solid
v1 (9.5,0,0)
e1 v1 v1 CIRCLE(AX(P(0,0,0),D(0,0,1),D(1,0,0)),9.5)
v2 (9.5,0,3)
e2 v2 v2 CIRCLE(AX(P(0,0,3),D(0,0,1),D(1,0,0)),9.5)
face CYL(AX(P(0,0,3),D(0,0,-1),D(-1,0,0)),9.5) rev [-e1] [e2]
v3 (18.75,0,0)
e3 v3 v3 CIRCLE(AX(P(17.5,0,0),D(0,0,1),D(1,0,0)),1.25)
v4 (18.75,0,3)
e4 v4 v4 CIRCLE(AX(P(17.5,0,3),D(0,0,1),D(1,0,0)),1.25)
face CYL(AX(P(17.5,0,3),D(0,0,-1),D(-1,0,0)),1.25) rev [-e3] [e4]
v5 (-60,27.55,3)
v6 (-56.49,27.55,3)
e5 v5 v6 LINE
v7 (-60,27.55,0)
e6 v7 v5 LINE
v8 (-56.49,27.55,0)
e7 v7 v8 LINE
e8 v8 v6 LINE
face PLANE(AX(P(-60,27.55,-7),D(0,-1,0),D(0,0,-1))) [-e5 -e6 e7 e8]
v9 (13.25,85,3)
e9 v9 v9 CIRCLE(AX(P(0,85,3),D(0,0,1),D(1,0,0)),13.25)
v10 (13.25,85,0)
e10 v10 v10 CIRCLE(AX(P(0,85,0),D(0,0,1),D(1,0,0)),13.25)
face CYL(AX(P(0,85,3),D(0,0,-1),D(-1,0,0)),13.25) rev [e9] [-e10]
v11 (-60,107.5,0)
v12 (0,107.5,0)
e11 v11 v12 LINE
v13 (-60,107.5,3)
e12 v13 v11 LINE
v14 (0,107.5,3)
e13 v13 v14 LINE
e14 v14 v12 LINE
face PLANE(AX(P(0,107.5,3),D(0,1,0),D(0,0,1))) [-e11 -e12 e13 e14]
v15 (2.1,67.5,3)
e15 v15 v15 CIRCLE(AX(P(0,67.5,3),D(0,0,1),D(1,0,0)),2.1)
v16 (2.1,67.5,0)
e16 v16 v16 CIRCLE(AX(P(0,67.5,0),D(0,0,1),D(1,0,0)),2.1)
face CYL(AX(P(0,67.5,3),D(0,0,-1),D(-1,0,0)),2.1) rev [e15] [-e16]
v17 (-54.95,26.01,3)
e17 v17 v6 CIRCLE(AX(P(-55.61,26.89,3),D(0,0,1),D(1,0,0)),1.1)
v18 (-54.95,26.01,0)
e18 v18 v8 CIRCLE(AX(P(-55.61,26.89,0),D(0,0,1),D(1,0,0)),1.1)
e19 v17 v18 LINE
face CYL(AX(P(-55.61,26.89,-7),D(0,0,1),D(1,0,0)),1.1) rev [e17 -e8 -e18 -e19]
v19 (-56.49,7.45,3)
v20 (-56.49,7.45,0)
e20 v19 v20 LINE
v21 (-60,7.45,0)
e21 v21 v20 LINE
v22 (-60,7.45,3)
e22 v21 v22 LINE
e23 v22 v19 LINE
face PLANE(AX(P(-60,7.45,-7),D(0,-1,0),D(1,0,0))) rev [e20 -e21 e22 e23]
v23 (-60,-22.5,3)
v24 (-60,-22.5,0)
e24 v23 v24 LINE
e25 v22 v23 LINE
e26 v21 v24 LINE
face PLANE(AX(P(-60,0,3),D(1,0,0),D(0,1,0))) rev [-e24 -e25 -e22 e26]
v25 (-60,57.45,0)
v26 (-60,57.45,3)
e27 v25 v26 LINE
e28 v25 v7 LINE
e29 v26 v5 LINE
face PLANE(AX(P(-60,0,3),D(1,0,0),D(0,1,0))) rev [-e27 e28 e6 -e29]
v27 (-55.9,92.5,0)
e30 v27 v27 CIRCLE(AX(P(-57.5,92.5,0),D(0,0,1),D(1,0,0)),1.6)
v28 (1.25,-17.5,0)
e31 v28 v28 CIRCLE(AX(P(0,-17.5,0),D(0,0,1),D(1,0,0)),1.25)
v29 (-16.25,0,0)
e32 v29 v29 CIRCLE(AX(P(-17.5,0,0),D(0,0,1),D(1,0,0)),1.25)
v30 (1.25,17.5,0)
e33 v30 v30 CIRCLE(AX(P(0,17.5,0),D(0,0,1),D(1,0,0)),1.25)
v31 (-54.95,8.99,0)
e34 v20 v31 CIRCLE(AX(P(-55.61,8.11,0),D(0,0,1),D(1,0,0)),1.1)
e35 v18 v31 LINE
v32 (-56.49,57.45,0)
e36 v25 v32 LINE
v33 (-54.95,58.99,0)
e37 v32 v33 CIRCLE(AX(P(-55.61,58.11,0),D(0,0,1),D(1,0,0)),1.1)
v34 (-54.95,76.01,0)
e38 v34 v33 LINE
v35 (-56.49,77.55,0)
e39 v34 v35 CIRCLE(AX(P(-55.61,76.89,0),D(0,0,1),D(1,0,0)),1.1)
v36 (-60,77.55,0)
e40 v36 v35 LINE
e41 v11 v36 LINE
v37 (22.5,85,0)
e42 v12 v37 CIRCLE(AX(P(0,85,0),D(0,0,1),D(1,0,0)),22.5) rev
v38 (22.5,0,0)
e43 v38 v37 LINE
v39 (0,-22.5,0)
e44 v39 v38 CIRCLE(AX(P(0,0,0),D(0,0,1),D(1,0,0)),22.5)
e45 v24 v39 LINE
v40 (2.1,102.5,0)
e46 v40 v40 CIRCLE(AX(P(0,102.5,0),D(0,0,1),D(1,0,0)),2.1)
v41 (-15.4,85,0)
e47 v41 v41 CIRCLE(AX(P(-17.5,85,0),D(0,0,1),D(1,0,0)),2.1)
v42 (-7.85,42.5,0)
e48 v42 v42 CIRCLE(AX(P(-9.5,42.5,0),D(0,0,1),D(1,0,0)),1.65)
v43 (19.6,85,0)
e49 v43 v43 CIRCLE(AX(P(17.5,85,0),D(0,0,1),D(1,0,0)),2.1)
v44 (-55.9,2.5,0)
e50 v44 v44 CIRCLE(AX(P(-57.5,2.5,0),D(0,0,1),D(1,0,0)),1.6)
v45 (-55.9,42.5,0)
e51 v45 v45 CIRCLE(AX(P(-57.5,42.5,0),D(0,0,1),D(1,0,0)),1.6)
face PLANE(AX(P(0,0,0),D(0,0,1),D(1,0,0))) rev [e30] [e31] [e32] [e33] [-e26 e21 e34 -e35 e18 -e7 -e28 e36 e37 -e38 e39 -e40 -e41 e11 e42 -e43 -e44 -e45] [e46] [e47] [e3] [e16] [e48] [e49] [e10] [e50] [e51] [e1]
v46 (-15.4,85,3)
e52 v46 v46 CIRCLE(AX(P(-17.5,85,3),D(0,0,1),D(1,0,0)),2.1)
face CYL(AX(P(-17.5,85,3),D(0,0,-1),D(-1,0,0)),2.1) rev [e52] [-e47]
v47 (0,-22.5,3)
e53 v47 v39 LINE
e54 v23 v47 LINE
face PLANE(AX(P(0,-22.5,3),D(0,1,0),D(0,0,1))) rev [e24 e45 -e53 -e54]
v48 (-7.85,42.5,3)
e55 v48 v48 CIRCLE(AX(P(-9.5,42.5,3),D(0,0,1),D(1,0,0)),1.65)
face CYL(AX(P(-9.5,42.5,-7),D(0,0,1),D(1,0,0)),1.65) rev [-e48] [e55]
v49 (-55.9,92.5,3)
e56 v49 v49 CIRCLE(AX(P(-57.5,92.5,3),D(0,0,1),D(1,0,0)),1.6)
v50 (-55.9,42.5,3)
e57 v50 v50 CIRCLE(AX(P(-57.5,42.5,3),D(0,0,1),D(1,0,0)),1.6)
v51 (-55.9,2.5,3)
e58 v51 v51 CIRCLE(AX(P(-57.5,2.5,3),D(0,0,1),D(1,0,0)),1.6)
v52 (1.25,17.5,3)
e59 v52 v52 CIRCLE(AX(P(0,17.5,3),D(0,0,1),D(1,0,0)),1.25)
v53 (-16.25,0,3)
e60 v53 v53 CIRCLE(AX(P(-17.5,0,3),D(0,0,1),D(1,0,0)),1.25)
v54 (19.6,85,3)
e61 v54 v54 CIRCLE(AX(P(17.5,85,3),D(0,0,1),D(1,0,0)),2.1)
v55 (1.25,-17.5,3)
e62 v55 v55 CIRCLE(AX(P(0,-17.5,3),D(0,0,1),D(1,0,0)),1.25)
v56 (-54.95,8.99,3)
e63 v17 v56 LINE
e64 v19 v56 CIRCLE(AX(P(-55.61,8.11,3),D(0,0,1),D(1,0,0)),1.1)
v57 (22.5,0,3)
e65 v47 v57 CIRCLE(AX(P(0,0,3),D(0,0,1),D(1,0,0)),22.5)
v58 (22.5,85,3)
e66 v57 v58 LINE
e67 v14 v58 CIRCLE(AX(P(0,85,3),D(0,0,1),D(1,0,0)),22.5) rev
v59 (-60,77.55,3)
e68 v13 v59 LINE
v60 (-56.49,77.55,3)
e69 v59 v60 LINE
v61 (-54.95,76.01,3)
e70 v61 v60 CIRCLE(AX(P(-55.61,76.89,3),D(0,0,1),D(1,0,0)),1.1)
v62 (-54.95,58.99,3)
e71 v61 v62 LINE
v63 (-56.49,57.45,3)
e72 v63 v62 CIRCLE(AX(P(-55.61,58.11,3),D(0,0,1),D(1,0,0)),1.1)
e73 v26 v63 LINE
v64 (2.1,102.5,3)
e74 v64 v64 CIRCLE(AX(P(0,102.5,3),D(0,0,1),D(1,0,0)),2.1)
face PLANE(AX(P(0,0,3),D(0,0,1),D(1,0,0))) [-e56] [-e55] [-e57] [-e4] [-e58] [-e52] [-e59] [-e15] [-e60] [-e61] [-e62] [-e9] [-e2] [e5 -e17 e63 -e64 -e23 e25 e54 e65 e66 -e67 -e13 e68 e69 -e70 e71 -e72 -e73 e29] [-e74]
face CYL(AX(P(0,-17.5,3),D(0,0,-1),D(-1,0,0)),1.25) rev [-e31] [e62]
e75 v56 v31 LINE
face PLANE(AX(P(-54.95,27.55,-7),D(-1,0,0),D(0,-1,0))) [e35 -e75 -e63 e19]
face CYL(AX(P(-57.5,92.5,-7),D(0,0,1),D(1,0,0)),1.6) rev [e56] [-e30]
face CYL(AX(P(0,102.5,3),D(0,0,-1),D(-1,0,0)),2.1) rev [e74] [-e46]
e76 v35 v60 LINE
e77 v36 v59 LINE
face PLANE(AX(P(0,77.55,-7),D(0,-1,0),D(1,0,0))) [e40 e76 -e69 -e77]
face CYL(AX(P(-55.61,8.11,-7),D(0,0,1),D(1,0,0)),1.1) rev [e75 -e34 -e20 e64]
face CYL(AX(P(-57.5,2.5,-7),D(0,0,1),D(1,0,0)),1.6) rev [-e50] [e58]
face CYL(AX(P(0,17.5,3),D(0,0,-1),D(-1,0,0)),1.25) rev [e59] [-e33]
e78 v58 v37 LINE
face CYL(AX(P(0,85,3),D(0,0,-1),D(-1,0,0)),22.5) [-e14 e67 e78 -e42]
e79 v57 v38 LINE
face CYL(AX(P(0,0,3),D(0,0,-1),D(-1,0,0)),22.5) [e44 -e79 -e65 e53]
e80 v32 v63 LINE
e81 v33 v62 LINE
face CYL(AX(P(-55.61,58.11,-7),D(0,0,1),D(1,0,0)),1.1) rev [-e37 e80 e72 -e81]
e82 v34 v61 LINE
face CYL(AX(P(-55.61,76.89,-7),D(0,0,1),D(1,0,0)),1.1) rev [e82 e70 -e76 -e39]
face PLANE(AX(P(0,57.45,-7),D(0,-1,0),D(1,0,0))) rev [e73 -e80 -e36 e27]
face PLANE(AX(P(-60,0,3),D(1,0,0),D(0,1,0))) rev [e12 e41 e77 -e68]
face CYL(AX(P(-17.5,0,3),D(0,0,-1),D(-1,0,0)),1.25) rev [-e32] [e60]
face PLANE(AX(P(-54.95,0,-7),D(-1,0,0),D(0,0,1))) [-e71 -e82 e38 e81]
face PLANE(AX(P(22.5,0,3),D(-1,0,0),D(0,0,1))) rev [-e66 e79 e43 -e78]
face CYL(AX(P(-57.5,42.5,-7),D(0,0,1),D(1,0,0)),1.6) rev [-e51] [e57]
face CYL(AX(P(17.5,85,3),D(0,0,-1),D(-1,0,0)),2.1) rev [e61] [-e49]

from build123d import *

# Parameters (mm, degrees)
SKETCH_2_R          = 9.5
SKETCH_2_R_2        = 1.25
SKETCH_2_R_3        = 13.25
SKETCH_2_R_4        = 2.1
EXTRUDE_1_DEPTH     = 3
SKETCH_4_R          = 1.6
CUT_EXTRUDE_1_DEPTH = 10
SKETCH_5_R          = 1.65
CUT_EXTRUDE_2_DEPTH = 10


with BuildPart() as part:
    # ｽｹｯﾁ2 → ﾎﾞｽ - 押し出し1 (new body)
    with BuildSketch(Plane.XY):
        with BuildLine():
            Line((-60, -22.5), (-40, -22.5))
            Line((-40, -22.5), (0, -22.5))
            ThreePointArc((0, -22.5), (15.909902577, -15.909902577), (22.5, 0))
            Line((22.5, 0), (22.5, 85))
            ThreePointArc((22.5, 85), (15.909902577, 100.909902577), (0, 107.5))
            Line((0, 107.5), (-40, 107.5))
            Line((-40, 107.5), (-60, 107.5))
            Line((-60, 107.5), (-60, -22.5))
        make_face()
        Circle(SKETCH_2_R, mode=Mode.SUBTRACT)
        with Locations((0, 17.5)):
            Circle(SKETCH_2_R_2, mode=Mode.SUBTRACT)
        with Locations((17.5, 0)):
            Circle(SKETCH_2_R_2, mode=Mode.SUBTRACT)
        with Locations((0, -17.5)):
            Circle(SKETCH_2_R_2, mode=Mode.SUBTRACT)
        with Locations((-17.5, 0)):
            Circle(SKETCH_2_R_2, mode=Mode.SUBTRACT)
        with Locations((0, 85)):
            Circle(SKETCH_2_R_3, mode=Mode.SUBTRACT)
        with Locations((0, 67.5)):
            Circle(SKETCH_2_R_4, mode=Mode.SUBTRACT)
        with Locations((-17.5, 85)):
            Circle(SKETCH_2_R_4, mode=Mode.SUBTRACT)
        with Locations((0, 102.5)):
            Circle(SKETCH_2_R_4, mode=Mode.SUBTRACT)
        with Locations((17.5, 85)):
            Circle(SKETCH_2_R_4, mode=Mode.SUBTRACT)
    extrude(amount=EXTRUDE_1_DEPTH)

    # ｽｹｯﾁ4 → ｶｯﾄ - 押し出し1 (cut)
    with BuildSketch(Plane.XY.offset(3)):
        with BuildLine():
            Line((-56.49, 77.55), (-60, 77.55))
            Line((-60, 77.55), (-60, 57.45))
            Line((-60, 57.45), (-56.49, 57.45))
            ThreePointArc((-56.49, 57.45), (-54.832182541, 57.332182541), (-54.95, 58.99))
            Line((-54.95, 58.99), (-54.95, 76.01))
            ThreePointArc((-54.95, 76.01), (-54.832182541, 77.667817459), (-56.49, 77.55))
        make_face()
        with BuildLine():
            Line((-56.49, 27.55), (-60, 27.55))
            Line((-60, 27.55), (-60, 7.45))
            Line((-60, 7.45), (-56.49, 7.45))
            ThreePointArc((-56.49, 7.45), (-54.832182541, 7.332182541), (-54.95, 8.99))
            Line((-54.95, 8.99), (-54.95, 26.01))
            ThreePointArc((-54.95, 26.01), (-54.832182541, 27.667817459), (-56.49, 27.55))
        make_face()
        with Locations((-57.5, 2.5)):
            Circle(SKETCH_4_R)
        with Locations((-57.5, 42.5)):
            Circle(SKETCH_4_R)
        with Locations((-57.5, 92.5)):
            Circle(SKETCH_4_R)
    extrude(amount=-CUT_EXTRUDE_1_DEPTH, mode=Mode.SUBTRACT)

    # ｽｹｯﾁ5 → ｶｯﾄ - 押し出し2 (cut)
    with BuildSketch(Plane.XY.offset(3)):
        with Locations((-9.5, 42.5)):
            Circle(SKETCH_5_R)
    extrude(amount=-CUT_EXTRUDE_2_DEPTH, mode=Mode.SUBTRACT)


solid = part.part
